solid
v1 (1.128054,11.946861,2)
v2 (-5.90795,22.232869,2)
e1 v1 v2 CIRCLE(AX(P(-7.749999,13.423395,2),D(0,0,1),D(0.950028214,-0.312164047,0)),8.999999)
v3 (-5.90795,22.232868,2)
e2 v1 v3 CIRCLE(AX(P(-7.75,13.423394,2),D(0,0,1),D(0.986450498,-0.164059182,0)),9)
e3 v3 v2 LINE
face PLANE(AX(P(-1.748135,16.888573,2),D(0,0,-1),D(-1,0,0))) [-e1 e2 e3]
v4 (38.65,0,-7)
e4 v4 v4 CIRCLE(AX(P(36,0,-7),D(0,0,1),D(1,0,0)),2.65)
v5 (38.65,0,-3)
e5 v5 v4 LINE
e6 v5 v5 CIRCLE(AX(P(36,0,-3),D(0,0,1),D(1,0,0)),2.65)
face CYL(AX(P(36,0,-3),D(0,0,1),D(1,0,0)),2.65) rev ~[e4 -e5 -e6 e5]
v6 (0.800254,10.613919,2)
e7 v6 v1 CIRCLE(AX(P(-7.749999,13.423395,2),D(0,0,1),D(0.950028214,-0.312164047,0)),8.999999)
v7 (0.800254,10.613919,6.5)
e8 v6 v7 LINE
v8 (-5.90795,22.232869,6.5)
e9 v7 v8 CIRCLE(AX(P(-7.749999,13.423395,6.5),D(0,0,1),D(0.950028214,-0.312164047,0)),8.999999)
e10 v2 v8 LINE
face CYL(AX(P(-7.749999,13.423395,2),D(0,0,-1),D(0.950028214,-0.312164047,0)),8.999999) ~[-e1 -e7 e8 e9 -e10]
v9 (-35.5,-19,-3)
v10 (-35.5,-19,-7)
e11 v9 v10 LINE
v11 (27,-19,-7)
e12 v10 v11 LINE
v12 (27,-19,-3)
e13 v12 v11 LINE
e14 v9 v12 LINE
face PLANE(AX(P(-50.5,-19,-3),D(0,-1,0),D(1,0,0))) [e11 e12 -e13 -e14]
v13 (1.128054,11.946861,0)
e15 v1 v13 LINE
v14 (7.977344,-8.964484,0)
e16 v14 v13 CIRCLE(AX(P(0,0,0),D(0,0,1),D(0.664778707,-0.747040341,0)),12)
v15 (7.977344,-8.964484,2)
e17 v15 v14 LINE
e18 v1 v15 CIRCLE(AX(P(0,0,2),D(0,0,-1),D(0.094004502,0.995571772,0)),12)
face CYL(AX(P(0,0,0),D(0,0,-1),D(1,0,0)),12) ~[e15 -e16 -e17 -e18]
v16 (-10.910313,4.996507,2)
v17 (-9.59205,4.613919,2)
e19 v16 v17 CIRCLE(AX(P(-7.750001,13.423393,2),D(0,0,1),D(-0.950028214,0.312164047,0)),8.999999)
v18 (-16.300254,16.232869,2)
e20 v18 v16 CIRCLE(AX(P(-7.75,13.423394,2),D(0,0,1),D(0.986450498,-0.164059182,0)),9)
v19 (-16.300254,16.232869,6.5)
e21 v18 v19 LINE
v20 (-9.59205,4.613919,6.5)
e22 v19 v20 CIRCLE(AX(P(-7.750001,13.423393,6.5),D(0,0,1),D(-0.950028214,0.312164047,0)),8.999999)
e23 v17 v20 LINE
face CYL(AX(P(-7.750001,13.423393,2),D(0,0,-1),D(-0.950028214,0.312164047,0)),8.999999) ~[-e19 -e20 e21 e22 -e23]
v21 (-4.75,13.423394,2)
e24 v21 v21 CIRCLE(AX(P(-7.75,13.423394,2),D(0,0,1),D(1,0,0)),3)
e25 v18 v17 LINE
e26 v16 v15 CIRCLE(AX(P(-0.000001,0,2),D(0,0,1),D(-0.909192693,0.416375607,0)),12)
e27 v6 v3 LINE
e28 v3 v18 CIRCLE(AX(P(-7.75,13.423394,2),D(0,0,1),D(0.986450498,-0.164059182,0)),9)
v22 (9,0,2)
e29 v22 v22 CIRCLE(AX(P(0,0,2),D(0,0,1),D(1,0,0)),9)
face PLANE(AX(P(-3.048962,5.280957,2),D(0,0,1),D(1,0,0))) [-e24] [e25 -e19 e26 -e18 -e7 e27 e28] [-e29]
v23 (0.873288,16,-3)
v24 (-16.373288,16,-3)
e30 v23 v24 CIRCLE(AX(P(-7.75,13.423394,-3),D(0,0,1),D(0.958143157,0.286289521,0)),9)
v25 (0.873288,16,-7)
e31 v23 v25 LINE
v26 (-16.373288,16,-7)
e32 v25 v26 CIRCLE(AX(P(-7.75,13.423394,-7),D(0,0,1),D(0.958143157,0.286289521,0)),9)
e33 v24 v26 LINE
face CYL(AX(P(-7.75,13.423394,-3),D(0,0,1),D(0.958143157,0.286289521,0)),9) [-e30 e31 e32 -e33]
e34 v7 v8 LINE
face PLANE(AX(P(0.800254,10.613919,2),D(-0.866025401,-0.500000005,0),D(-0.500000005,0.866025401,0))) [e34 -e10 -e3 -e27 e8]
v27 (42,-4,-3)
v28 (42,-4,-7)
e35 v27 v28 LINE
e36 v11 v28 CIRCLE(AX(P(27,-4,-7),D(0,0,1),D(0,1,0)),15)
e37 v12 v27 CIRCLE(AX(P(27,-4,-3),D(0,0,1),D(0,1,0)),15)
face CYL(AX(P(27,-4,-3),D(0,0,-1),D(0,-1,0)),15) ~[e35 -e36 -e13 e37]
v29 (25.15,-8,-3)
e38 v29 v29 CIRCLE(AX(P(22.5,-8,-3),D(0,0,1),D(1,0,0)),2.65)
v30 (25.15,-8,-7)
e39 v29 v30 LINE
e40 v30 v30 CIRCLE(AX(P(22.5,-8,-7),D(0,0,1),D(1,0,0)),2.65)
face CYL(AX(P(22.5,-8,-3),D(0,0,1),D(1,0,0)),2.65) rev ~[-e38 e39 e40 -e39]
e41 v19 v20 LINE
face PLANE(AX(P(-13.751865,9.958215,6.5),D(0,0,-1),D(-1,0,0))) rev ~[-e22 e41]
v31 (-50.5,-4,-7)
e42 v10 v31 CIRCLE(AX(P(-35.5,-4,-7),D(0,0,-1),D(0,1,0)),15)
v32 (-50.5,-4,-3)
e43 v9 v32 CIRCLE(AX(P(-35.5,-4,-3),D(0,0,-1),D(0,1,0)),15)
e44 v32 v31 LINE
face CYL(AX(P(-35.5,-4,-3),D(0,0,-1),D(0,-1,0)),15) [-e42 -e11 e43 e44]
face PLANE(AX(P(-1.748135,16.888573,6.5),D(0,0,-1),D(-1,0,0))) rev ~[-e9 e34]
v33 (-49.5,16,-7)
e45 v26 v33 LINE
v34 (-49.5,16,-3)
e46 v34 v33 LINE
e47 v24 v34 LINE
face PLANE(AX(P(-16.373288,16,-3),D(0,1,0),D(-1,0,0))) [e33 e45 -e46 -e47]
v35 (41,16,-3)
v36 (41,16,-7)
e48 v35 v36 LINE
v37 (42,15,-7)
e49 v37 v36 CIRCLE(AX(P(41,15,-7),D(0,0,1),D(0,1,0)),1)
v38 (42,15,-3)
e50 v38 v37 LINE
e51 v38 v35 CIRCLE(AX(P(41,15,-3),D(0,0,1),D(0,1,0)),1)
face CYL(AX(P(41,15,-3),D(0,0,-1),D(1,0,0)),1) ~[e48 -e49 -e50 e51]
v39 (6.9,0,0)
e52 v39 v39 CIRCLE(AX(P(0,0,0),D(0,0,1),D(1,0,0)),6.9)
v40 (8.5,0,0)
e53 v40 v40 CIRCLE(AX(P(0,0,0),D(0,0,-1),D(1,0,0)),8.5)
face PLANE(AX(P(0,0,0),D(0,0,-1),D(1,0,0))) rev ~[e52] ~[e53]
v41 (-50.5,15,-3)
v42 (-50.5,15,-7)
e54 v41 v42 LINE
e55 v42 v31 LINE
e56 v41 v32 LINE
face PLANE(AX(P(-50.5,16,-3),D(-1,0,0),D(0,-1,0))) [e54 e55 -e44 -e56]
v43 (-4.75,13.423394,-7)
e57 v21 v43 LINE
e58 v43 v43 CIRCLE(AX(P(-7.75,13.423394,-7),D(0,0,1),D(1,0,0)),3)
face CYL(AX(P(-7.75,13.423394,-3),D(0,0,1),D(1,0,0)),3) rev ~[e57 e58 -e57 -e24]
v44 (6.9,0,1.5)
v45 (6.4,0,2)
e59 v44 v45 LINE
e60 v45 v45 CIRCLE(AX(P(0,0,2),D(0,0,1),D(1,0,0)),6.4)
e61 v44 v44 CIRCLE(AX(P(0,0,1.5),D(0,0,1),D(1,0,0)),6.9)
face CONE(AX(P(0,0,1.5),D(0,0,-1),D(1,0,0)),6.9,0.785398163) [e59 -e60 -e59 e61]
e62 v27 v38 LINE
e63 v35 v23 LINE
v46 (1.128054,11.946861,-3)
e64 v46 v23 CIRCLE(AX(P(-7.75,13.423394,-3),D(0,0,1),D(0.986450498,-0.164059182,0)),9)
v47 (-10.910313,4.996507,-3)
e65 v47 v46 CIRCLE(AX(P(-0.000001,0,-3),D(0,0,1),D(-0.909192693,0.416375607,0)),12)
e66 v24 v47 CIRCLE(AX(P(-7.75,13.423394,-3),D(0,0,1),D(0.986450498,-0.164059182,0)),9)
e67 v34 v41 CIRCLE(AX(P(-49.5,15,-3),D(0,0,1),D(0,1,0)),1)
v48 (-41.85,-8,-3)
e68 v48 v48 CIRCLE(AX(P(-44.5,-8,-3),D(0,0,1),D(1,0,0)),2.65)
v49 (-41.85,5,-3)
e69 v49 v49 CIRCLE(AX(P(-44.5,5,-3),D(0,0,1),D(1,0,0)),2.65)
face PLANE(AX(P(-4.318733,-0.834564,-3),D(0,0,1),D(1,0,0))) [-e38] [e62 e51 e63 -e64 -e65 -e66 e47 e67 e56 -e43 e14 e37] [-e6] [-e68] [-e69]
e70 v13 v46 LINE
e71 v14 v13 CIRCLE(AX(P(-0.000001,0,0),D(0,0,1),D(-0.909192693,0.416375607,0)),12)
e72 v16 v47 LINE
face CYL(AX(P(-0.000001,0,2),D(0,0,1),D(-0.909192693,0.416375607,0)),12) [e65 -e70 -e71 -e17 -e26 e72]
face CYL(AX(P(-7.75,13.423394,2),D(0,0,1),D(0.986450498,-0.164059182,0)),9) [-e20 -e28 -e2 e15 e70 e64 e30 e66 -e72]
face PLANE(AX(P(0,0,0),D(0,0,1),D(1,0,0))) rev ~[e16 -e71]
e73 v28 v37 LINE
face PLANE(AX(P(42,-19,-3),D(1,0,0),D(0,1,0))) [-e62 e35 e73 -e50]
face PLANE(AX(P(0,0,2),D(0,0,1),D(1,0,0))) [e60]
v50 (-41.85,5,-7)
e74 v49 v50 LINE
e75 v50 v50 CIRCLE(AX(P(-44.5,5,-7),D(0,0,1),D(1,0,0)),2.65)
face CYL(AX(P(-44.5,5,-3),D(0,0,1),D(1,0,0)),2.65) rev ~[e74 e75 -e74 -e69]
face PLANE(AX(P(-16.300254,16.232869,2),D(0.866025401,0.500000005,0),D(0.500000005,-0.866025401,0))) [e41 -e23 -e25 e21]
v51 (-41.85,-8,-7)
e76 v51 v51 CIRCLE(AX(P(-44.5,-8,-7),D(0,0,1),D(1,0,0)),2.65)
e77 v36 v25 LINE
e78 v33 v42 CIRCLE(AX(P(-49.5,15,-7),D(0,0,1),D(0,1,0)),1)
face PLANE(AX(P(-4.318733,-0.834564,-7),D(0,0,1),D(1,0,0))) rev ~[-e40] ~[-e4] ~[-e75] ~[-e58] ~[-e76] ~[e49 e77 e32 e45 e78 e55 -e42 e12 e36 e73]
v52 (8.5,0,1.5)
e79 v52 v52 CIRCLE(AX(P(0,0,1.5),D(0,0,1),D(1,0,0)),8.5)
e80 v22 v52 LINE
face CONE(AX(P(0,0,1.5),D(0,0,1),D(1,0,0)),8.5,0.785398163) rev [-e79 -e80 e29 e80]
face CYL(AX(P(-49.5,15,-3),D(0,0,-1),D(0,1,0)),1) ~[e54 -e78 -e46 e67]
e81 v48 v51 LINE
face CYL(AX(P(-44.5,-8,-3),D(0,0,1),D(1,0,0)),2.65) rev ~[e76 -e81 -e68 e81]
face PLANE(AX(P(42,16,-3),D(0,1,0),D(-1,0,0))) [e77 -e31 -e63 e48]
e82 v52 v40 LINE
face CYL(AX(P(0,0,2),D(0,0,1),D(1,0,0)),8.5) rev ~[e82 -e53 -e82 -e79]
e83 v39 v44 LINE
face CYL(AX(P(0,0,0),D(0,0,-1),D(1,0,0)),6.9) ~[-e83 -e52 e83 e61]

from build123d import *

# Parameters (mm, degrees)
SKETCH_R        = 12
SKETCH_R_2      = 8.5
PAD_DEPTH       = 2
SKETCH001_R     = 8.5
SKETCH001_R_2   = 3
PAD001_DEPTH    = 5
SKETCH002_R     = 8.5
PAD002_DEPTH    = 3
SKETCH003_R     = 6.9
PAD003_DEPTH    = 2
PAD004_DEPTH    = 4.5
SKETCH005_R     = 2.65
PAD005_DEPTH    = 4
SKETCH006_R     = 3
POCKET_DEPTH    = 5
FILLET_R        = 15
FILLET001_R     = 1
CHAMFER_SIZE    = 0.5
CHAMFER001_SIZE = 0.5


with BuildPart() as part:
    # Sketch → Pad (new body)
    with BuildSketch(Plane.XY):
        Circle(SKETCH_R)
        Circle(SKETCH_R_2, mode=Mode.SUBTRACT)
    extrude(amount=PAD_DEPTH)

    # Sketch001 (on Face4 of Pad) → Pad001 (join)
    with BuildSketch(Plane.XY.offset(2)):
        with BuildLine():
            ThreePointArc((1.128054, 11.946861), (-12.25, 21.217622), (-10.910313, 4.996507))
            ThreePointArc((-10.910313, 4.996507), (6, -10.392305), (1.128054, 11.946861))
        make_face()
        Circle(SKETCH001_R, mode=Mode.SUBTRACT)
        with Locations((-7.75, 13.423394)):
            Circle(SKETCH001_R_2, mode=Mode.SUBTRACT)
    extrude(amount=-PAD001_DEPTH)

    # Sketch002 (on Face6 of Pad001) → Pad002 (join)
    with BuildSketch(Plane(origin=(0, 0, -3), x_dir=(1, 0, 0), z_dir=(0, 0, -1))):
        Circle(SKETCH002_R)
    extrude(amount=-PAD002_DEPTH)

    # Sketch003 (on Face11 of Pad002) → Pad003 (join)
    with BuildSketch(Plane.XY):
        Circle(SKETCH003_R)
    extrude(amount=PAD003_DEPTH)

    # Sketch004 (on Face7 of Pad003) → Pad004 (join)
    with BuildSketch(Plane.XY.offset(2)):
        with BuildLine():
            Line((-16.300254, 16.232869), (-9.59205, 4.613919))
            ThreePointArc((-16.300254, 16.232869), (-15.544229, 8.923394), (-9.59205, 4.613919))
        make_face()
        with BuildLine():
            Line((0.800254, 10.613919), (-5.90795, 22.232869))
            ThreePointArc((0.800254, 10.613919), (0.044229, 17.923394), (-5.90795, 22.232869))
        make_face()
    extrude(amount=PAD004_DEPTH)

    # Sketch005 (on Face19 of Pad004) → Pad005 (join)
    with BuildSketch(Plane.XY.offset(-3)):
        with BuildLine():
            ThreePointArc((0.873288, 16), (-7.75, 22.423394), (-16.373288, 16))
            Line((-16.373288, 16), (-50.5, 16))
            Line((-50.5, 16), (-50.5, -19))
            Line((-50.5, -19), (42, -19))
            Line((42, -19), (42, 16))
            Line((42, 16), (0.873288, 16))
        make_face()
        with Locations((-44.5, -8)):
            Circle(SKETCH005_R, mode=Mode.SUBTRACT)
        with Locations((-44.5, 5)):
            Circle(SKETCH005_R, mode=Mode.SUBTRACT)
        with Locations((22.5, -8)):
            Circle(SKETCH005_R, mode=Mode.SUBTRACT)
        with Locations((36, 0)):
            Circle(SKETCH005_R, mode=Mode.SUBTRACT)
    extrude(amount=-PAD005_DEPTH)

    # Sketch006 → Pocket (cut)
    with BuildSketch(Plane.XY.offset(-3)):
        with Locations((-7.75, 13.423394)):
            Circle(SKETCH006_R)
    extrude(amount=-POCKET_DEPTH, mode=Mode.SUBTRACT)

    # Fillet
    fillet_edges = [part.edges().sort_by_distance(p)[0] for p in [
        (-50.5, -19, -5),
        (42, -19, -5),
    ]]
    fillet(fillet_edges, radius=FILLET_R)

    # Fillet001
    fillet001_edges = [part.edges().sort_by_distance(p)[0] for p in [
        (-50.5, 16, -5),
        (42, 16, -5),
    ]]
    fillet(fillet001_edges, radius=FILLET001_R)

    # Chamfer
    chamfer_edges = [part.edges().sort_by_distance(p)[0] for p in [
        (-8.5, 0, 2),
    ]]
    chamfer(chamfer_edges, length=CHAMFER_SIZE)

    # Chamfer001
    chamfer001_edges = [part.edges().sort_by_distance(p)[0] for p in [
        (-6.9, 0, 2),
    ]]
    chamfer(chamfer001_edges, length=CHAMFER001_SIZE)


solid = part.part
